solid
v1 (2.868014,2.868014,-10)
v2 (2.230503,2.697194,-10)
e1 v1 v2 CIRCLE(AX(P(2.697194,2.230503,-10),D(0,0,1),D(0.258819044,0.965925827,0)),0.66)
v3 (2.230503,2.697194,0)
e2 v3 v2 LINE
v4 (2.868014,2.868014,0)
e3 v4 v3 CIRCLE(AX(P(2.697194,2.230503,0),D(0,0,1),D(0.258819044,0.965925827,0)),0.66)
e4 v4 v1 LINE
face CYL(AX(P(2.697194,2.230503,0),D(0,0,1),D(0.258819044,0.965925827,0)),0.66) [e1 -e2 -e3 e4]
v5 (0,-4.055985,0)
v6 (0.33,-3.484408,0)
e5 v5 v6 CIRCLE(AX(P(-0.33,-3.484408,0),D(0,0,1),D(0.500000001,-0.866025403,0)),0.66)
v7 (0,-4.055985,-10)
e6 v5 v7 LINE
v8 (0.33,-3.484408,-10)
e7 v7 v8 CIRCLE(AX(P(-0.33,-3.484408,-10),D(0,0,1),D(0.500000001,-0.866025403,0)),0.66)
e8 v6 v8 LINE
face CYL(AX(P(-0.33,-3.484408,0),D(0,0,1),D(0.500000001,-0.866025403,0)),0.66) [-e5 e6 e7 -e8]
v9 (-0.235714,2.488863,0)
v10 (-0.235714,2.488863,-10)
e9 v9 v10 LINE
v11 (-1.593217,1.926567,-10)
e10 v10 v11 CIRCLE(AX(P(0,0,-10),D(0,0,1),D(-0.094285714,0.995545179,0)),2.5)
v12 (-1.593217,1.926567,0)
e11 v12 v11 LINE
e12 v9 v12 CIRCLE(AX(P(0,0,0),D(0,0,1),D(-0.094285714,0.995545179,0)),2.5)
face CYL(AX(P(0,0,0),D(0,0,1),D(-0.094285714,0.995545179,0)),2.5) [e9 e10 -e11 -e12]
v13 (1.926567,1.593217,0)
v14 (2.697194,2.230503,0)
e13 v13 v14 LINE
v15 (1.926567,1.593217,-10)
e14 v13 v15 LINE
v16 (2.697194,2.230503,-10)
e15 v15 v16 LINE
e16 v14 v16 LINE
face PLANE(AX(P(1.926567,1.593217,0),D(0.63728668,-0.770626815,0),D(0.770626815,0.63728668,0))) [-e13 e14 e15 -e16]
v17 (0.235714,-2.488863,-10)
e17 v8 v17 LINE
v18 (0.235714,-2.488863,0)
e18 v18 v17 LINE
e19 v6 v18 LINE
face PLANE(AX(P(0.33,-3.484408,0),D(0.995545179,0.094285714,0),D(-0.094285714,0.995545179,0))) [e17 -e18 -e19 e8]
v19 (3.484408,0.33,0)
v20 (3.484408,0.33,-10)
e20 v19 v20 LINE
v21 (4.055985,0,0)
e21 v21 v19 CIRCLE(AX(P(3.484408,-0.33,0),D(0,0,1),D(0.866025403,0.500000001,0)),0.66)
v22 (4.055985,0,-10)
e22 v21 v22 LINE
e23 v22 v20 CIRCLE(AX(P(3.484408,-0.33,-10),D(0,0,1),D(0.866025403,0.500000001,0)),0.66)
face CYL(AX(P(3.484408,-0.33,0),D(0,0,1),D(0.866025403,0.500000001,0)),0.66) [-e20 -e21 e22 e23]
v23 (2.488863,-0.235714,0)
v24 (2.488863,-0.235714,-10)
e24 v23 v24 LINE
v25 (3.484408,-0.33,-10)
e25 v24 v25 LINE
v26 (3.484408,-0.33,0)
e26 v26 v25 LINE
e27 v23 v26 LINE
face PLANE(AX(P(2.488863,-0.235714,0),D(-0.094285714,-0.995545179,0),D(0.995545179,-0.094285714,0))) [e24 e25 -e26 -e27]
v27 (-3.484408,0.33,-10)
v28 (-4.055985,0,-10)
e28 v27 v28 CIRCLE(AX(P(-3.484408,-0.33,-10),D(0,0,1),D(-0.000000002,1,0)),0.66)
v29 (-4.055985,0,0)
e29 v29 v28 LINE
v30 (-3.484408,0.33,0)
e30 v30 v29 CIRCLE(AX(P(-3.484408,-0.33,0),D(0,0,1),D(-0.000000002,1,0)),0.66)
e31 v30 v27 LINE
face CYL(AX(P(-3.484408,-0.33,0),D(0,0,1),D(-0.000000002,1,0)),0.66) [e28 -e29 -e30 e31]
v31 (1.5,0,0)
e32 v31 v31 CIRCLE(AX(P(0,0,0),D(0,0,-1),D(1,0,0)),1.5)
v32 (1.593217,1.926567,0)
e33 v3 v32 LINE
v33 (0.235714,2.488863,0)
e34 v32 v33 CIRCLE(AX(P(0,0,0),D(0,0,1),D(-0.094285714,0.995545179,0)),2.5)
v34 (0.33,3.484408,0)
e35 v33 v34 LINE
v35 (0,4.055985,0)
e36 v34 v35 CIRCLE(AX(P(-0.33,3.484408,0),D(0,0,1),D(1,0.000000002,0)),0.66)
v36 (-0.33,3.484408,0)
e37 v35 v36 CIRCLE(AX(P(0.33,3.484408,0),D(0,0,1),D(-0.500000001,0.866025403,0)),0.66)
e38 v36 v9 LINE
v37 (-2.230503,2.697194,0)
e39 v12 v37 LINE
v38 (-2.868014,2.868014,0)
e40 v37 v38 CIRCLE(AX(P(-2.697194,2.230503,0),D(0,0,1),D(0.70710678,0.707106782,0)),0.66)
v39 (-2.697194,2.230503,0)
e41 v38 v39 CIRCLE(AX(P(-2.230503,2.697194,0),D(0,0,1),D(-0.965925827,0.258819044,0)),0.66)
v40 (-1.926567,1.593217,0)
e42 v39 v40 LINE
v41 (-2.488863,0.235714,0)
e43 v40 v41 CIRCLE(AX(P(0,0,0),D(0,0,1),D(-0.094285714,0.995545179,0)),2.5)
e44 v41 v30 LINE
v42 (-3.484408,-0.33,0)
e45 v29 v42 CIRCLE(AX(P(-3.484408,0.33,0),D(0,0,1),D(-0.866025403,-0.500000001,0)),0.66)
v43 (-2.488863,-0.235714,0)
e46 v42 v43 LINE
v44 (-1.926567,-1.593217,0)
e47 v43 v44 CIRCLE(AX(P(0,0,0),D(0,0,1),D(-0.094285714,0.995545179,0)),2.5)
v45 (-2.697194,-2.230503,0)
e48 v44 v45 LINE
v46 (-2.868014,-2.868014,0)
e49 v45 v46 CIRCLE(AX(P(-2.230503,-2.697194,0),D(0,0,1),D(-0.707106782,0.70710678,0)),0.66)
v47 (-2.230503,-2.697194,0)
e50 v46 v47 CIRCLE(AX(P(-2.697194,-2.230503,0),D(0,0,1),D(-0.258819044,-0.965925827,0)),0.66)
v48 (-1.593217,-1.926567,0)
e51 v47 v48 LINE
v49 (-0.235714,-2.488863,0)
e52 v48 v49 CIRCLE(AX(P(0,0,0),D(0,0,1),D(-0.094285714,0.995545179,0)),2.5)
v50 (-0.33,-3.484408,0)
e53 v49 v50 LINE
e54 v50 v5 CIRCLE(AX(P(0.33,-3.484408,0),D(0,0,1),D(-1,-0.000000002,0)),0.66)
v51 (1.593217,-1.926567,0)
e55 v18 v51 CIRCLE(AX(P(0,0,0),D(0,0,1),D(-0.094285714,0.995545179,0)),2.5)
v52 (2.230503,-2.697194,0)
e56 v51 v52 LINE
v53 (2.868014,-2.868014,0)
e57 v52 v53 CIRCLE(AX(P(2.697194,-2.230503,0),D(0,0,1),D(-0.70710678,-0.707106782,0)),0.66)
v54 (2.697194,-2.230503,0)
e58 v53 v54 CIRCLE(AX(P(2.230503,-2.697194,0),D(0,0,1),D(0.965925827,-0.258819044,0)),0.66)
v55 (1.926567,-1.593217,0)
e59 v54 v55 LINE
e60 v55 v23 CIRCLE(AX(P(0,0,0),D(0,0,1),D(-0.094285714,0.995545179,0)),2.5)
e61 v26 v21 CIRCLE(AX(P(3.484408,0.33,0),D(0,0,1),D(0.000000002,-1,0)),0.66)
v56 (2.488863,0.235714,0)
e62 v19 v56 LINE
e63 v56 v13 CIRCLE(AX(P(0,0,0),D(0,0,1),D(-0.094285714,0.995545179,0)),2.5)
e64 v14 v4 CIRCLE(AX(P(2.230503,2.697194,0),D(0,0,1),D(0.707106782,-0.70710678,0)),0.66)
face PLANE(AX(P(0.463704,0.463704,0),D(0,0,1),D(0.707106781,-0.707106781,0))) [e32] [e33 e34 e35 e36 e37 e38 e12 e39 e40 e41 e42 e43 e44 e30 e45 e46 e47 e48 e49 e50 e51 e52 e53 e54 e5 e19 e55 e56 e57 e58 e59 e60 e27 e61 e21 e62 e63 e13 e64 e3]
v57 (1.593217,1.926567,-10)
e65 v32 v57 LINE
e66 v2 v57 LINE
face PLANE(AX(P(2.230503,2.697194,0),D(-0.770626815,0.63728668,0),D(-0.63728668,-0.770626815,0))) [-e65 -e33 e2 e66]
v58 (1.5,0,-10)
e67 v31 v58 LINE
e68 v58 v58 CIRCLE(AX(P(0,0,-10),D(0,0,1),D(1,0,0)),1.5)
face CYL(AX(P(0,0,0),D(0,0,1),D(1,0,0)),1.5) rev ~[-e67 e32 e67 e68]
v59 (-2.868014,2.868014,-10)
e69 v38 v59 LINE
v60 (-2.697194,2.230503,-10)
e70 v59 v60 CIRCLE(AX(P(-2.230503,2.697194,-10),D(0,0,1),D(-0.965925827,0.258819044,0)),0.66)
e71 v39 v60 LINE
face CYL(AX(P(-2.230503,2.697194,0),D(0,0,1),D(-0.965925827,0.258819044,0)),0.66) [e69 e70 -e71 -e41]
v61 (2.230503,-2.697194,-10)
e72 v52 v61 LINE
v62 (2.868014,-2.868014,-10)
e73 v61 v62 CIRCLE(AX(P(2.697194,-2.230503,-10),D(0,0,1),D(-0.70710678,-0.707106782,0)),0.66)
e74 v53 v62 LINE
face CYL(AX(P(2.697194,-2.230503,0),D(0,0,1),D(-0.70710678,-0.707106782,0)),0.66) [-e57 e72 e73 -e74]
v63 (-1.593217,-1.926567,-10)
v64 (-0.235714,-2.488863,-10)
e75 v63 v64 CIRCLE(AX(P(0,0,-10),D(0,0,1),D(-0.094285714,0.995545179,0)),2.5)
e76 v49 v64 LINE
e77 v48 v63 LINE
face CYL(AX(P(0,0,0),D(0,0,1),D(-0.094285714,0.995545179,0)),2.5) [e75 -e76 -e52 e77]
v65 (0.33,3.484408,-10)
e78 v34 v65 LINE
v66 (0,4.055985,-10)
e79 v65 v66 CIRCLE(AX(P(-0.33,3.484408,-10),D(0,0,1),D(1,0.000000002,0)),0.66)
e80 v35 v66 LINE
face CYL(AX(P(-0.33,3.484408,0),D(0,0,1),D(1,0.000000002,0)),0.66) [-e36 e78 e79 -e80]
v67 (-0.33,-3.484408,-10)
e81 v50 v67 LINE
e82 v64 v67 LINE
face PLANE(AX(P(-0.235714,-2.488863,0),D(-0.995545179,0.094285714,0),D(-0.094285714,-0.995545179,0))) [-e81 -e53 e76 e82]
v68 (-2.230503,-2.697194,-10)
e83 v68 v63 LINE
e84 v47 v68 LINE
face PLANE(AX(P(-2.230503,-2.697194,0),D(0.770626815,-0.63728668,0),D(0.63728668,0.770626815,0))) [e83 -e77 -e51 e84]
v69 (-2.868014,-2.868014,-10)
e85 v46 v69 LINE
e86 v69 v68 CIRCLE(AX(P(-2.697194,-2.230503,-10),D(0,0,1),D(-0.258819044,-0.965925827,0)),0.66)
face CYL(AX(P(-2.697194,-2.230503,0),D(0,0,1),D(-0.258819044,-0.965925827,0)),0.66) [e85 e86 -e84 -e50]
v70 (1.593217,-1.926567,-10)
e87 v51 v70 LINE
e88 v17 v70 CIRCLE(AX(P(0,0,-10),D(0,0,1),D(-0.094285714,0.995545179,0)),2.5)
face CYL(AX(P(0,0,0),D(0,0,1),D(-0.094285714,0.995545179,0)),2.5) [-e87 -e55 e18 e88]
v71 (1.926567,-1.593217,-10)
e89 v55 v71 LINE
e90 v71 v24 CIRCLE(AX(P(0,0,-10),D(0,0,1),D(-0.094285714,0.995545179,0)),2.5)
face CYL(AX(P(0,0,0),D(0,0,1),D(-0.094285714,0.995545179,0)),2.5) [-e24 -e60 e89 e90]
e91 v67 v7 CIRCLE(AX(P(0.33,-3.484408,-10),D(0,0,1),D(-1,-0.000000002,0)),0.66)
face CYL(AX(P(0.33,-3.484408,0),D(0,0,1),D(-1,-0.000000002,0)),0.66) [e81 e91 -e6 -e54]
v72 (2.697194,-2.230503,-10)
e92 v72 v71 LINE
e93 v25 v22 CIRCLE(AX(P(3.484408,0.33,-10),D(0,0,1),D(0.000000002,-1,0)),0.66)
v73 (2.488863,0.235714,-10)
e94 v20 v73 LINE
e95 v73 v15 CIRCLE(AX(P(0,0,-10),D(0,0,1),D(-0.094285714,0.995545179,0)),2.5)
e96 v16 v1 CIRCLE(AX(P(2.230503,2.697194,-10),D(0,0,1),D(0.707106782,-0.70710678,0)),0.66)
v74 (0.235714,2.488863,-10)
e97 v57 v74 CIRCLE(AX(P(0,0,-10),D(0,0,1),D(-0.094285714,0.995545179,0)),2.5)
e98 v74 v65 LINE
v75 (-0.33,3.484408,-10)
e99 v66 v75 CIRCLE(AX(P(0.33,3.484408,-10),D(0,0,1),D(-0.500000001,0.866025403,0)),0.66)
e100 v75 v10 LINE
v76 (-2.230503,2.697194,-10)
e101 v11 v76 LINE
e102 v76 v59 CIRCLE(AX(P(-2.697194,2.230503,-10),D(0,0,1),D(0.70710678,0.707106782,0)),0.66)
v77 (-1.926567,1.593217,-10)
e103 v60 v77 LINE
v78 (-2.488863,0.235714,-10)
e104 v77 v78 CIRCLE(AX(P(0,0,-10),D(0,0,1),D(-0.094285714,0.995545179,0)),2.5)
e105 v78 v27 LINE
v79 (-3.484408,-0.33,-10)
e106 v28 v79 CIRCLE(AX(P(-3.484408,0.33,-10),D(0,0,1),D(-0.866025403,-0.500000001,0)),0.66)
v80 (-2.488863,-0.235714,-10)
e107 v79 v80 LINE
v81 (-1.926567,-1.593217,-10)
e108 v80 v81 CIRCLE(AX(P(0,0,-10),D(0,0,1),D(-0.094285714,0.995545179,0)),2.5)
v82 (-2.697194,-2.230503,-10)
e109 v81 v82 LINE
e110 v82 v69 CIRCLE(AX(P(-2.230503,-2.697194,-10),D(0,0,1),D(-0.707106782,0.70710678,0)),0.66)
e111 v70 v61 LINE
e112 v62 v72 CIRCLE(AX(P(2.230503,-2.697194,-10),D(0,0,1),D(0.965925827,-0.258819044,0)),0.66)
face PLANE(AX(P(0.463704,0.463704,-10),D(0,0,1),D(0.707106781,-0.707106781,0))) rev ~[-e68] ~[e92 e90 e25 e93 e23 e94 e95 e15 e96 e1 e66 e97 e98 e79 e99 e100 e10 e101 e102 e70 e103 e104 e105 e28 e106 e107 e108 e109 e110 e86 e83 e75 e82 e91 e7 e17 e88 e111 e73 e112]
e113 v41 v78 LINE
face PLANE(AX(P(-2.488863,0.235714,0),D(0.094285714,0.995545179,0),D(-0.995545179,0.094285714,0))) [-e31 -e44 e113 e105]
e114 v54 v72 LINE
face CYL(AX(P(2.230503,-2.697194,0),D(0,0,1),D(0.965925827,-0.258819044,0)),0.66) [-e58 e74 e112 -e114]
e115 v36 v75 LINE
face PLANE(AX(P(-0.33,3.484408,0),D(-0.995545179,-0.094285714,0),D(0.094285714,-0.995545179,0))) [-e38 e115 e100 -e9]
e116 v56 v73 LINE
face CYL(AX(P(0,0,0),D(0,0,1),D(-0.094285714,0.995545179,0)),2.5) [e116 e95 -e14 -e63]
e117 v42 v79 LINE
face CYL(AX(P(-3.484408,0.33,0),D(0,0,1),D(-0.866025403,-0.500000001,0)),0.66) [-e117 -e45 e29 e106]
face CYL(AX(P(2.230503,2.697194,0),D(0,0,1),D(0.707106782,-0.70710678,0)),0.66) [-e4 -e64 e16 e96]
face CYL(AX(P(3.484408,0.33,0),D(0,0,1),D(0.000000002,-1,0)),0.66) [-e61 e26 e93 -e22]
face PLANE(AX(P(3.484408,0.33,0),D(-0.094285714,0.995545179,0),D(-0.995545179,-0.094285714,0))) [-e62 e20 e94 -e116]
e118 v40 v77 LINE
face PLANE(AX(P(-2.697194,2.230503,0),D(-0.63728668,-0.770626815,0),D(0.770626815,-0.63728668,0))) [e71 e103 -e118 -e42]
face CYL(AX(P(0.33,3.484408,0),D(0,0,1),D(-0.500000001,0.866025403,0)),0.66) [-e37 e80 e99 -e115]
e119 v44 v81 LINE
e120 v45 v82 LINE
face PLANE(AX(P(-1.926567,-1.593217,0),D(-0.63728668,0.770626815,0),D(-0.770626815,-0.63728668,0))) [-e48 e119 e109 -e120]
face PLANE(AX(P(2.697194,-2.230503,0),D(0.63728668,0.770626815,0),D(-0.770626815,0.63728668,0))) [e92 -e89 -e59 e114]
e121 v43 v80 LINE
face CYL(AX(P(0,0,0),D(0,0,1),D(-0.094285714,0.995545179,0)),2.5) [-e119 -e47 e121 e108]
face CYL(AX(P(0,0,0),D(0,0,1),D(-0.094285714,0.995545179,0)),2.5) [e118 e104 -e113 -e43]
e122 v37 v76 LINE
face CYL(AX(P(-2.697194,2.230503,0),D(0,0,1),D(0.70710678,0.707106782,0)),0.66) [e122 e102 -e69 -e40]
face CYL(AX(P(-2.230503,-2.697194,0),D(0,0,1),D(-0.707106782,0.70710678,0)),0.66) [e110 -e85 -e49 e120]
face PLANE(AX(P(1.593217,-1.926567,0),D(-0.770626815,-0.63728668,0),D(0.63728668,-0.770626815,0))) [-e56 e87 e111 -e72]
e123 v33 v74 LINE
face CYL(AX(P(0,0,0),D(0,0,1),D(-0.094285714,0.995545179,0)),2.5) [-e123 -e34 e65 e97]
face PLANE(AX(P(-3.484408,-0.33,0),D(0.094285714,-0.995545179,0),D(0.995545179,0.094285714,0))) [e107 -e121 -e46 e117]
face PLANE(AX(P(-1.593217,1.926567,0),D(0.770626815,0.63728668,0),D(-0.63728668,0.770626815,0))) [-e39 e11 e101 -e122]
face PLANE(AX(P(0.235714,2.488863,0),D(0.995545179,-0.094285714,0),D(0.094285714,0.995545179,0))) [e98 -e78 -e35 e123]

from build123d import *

# Parameters (mm, degrees)
SKETCH1_R           = 1.5
BOSS_EXTRUDE1_DEPTH = 10
CIRPATTERN1_COUNT   = 8


with BuildPart() as part:
    # Sketch1 → Boss-Extrude1 (new body)
    with BuildSketch(Plane.XY):
        with BuildLine():
            Line((-0.33, 3.484408128), (-0.235714286, 2.488862948))
            ThreePointArc((-0.235714286, 2.488862948), (0, -2.5), (0.235714286, 2.488862948))
            Line((0.235714286, 2.488862948), (0.33, 3.484408128))
            ThreePointArc((0.33, 3.484408128), (0.241576766, 3.814408128), (0, 4.055984894))
            ThreePointArc((0, 4.055984894), (-0.241576766, 3.814408128), (-0.33, 3.484408128))
        make_face()
        Circle(SKETCH1_R, mode=Mode.SUBTRACT)
    boss_extrude1 = extrude(amount=-BOSS_EXTRUDE1_DEPTH)

    # CirPattern1: Boss-Extrude1 ×8 about axis
    cirpattern1_axis = Axis((0, 0, 0), (0, 0, 1))
    for i in range(1, CIRPATTERN1_COUNT):
        add(boss_extrude1.rotate(cirpattern1_axis, i * 360 / CIRPATTERN1_COUNT))


solid = part.part
